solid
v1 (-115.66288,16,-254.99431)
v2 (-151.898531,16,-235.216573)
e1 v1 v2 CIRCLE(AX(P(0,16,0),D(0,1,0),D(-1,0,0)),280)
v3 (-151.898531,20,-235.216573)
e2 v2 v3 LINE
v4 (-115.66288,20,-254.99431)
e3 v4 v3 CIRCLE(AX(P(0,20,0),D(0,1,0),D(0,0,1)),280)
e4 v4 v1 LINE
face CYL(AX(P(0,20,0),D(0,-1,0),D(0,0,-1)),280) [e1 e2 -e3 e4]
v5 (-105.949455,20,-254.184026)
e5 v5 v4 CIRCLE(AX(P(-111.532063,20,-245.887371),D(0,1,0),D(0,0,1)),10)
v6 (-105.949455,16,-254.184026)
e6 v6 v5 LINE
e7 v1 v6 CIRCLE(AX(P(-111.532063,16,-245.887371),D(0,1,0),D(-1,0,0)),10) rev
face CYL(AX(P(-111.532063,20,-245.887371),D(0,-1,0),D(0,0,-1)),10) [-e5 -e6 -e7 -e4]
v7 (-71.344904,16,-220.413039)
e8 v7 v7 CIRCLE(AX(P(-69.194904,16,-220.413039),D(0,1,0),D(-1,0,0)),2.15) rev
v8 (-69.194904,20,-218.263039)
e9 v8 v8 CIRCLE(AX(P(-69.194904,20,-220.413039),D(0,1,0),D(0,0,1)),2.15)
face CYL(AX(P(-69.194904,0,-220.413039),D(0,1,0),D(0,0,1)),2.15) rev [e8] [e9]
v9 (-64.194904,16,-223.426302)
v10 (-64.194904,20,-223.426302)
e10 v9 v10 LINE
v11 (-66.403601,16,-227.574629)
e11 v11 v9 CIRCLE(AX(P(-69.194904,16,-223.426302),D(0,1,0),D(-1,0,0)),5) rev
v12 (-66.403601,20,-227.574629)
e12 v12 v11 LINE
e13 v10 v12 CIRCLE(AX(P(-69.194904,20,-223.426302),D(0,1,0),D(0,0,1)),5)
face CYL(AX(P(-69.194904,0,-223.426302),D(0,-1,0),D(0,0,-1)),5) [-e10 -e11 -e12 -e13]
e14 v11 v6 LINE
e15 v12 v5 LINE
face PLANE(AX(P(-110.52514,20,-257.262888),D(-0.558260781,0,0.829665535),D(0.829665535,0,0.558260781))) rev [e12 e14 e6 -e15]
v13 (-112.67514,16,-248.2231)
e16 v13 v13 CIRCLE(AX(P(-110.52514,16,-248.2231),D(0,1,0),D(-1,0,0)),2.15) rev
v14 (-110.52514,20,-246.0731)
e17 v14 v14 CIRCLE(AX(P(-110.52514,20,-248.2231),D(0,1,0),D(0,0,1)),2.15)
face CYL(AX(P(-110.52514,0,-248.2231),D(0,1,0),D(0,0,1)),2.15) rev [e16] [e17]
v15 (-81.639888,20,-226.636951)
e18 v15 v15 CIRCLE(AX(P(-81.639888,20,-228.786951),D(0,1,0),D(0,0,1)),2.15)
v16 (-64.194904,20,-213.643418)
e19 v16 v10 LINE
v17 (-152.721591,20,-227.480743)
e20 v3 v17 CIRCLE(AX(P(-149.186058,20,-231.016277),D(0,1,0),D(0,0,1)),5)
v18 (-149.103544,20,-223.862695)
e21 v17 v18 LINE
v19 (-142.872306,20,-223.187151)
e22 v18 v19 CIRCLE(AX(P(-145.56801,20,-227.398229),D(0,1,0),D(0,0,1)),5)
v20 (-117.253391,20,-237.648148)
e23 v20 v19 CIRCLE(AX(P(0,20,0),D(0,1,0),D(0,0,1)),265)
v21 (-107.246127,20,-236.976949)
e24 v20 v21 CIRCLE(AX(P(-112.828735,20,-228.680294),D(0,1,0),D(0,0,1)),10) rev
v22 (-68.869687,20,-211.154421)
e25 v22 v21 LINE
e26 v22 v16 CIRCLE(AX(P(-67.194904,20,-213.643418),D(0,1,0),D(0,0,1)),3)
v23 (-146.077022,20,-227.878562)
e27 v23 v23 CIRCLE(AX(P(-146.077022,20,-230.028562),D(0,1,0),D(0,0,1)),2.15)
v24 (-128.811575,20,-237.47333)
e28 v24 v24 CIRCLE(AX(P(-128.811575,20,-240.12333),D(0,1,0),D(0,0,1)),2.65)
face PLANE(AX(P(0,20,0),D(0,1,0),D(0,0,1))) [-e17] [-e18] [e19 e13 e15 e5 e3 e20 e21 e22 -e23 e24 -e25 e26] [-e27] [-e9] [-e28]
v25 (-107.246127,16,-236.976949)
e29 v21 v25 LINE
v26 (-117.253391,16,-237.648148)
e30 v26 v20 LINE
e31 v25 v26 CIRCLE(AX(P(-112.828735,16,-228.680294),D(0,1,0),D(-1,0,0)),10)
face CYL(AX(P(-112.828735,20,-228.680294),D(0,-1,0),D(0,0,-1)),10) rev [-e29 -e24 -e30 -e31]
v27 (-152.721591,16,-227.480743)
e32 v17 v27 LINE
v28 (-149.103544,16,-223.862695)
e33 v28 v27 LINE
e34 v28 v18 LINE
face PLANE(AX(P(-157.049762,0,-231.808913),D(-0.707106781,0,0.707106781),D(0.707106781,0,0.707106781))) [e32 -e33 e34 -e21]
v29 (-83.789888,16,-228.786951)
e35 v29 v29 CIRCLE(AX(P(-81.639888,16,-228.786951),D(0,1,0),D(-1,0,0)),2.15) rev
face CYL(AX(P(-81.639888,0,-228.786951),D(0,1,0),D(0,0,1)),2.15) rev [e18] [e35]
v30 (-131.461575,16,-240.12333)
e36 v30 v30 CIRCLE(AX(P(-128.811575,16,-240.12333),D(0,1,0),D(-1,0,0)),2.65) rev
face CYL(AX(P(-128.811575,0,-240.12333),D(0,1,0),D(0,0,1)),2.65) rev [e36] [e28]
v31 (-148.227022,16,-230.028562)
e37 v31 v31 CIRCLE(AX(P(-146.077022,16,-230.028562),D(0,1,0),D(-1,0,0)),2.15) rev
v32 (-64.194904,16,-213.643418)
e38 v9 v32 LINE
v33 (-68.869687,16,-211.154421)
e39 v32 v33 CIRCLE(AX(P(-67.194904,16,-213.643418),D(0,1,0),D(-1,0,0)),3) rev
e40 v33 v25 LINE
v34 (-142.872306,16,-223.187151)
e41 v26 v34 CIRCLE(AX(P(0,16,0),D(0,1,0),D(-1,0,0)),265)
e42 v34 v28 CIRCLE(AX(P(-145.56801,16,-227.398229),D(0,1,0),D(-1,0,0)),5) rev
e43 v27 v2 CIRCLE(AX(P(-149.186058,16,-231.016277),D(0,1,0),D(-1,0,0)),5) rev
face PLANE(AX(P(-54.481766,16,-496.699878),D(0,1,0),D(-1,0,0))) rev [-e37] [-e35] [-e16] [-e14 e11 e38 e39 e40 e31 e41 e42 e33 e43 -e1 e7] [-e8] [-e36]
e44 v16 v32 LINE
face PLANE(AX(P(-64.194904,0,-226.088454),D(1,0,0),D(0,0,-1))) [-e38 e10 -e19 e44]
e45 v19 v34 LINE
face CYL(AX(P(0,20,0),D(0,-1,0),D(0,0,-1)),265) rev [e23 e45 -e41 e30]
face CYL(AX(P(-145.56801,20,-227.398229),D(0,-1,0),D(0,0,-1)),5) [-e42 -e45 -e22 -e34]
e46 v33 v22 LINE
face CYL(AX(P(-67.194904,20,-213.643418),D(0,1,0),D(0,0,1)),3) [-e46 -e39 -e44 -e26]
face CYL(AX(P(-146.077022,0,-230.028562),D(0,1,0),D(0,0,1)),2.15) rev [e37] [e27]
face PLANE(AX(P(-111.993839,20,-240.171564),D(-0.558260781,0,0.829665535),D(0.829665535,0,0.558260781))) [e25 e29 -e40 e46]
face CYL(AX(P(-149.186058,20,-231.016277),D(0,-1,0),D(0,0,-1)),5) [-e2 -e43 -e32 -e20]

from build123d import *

# Parameters (mm, degrees)
SKETCH_1_R               = 275
SKETCH_1_R_2             = 255
EXTRUDE_1_DEPTH          = 10
EXTRUDE_2_DEPTH          = 10
SKETCH_8_R               = 2.65
SKETCH_8_R_2             = 2.15
CUT_EXTRUDE_1_DEPTH      = 21
SKETCH_9_OUTSIDE_W       = 707.614
SKETCH_9_OUTSIDE_H       = 707.614
CUT_EXTRUDE_2_DEPTH      = 21
SKETCH_10_W              = 190.987823936
SKETCH_10_H              = 12
CUT_EXTRUDE_3_DEPTH      = 519.420037555
CUT_EXTRUDE_3_DEPTH_BACK = 245.939436413
FILLET_1_R               = 3
FILLET_2_R               = 10
FILLET_3_R               = 5
SKETCH_11_W              = 751.740061758
SKETCH_11_H              = 25.075171634
CUT_EXTRUDE_4_DEPTH      = 519.420037555
CUT_EXTRUDE_4_DEPTH_BACK = 245.939436413


with BuildPart() as part:
    # 草图1 → 凸台-拉伸1 (new body)
    with BuildSketch(Plane(origin=(0, 0, 0), x_dir=(1, 0, 0), z_dir=(0, 1, 0))):
        Circle(SKETCH_1_R)
        Circle(SKETCH_1_R_2, mode=Mode.SUBTRACT)
    extrude(amount=EXTRUDE_1_DEPTH)

    # 草图11 → 切除-拉伸4 (cut, two sides)
    with BuildSketch(Plane(origin=(76.33674701, 0, -113.448714652), x_dir=(0.829665535, 0, 0.558260781), z_dir=(-0.558260781, 0, 0.829665535))) as cut_extrude_4_sk:
        with Locations((71.776229786, 3.462414183)):
            Rectangle(SKETCH_11_W, SKETCH_11_H)
    extrude(amount=CUT_EXTRUDE_4_DEPTH, mode=Mode.SUBTRACT)
    extrude(cut_extrude_4_sk.sketch, amount=-CUT_EXTRUDE_4_DEPTH_BACK, mode=Mode.SUBTRACT)


with BuildPart() as body_2:
    # 草图2 → 凸台-拉伸2 (new body)
    with BuildSketch(Plane(origin=(0, 10, 0), x_dir=(1, 0, 0), z_dir=(0, 1, 0))):
        with BuildLine():
            Line((-110.525139894, 257.262887824), (-25.423255477, 200))
            Line((-25.423255477, 200), (0, 200))
            Line((0, 200), (25.423255477, 200))
            Line((25.423255477, 200), (110.525139894, 257.262887824))
            ThreePointArc((110.525139894, 257.262887824), (197.989898732, 197.989898732), (257.262887824, 110.525139894))
            Line((257.262887824, 110.525139894), (200, 25.423255477))
            Line((200, 25.423255477), (200, 0))
            Line((200, 0), (200, -25.423255477))
            Line((200, -25.423255477), (257.262887824, -110.525139894))
            ThreePointArc((257.262887824, -110.525139894), (197.989898732, -197.989898732), (110.525139894, -257.262887824))
            Line((110.525139894, -257.262887824), (25.423255477, -200))
            Line((25.423255477, -200), (0, -200))
            Line((0, -200), (-25.423255477, -200))
            Line((-25.423255477, -200), (-110.525139894, -257.262887824))
            ThreePointArc((-110.525139894, -257.262887824), (-197.989898732, -197.989898732), (-257.262887824, -110.525139894))
            Line((-257.262887824, -110.525139894), (-200, -25.423255477))
            Line((-200, -25.423255477), (-200, 25.423255477))
            Line((-200, 25.423255477), (-257.262887824, 110.525139894))
            ThreePointArc((-257.262887824, 110.525139894), (-197.989898732, 197.989898732), (-110.525139894, 257.262887824))
        make_face()
        with BuildLine():
            Line((0, 185), (30, 185))
            Line((30, 185), (111.993839361, 240.171563565))
            ThreePointArc((111.993839361, 240.171563565), (187.383297014, 187.383297014), (240.171563565, 111.993839361))
            Line((240.171563565, 111.993839361), (185, 30))
            Line((185, 30), (185, 0))
            Line((185, 0), (185, -30))
            Line((185, -30), (240.171563565, -111.993839361))
            ThreePointArc((240.171563565, -111.993839361), (187.383297014, -187.383297014), (111.993839361, -240.171563565))
            Line((111.993839361, -240.171563565), (30, -185))
            Line((30, -185), (0, -185))
            Line((0, -185), (-30, -185))
            Line((-30, -185), (-111.993839361, -240.171563565))
            ThreePointArc((-111.993839361, -240.171563565), (-187.383297014, -187.383297014), (-240.171563565, -111.993839361))
            Line((-240.171563565, -111.993839361), (-185, -30))
            Line((-185, -30), (-185, 30))
            Line((-185, 30), (-240.171563565, 111.993839361))
            ThreePointArc((-240.171563565, 111.993839361), (-187.383297014, 187.383297014), (-111.993839361, 240.171563565))
            Line((-111.993839361, 240.171563565), (-30, 185))
            Line((-30, 185), (0, 185))
        make_face(mode=Mode.SUBTRACT)
    extrude(amount=EXTRUDE_2_DEPTH)

    # 草图8 → 切除-拉伸1 (cut, through all)
    with BuildSketch(Plane(origin=(0, 20, 0), x_dir=(1, 0, 0), z_dir=(0, 1, 0))):
        with Locations((-10, 192.5)):
            Circle(SKETCH_8_R)
        with Locations((10, 192.5)):
            Circle(SKETCH_8_R)
        with Locations((-10, -192.5)):
            Circle(SKETCH_8_R)
        with Locations((10, -192.5)):
            Circle(SKETCH_8_R)
        with Locations((192.5, 10)):
            Circle(SKETCH_8_R)
        with Locations((192.5, -10)):
            Circle(SKETCH_8_R)
        with Locations((-192.5, 10)):
            Circle(SKETCH_8_R)
        with Locations((-192.5, -10)):
            Circle(SKETCH_8_R)
        with Locations((-110.525139894, 248.223100485)):
            Circle(SKETCH_8_R_2)
        with Locations((-27.711627738, 192.5)):
            Circle(SKETCH_8_R_2)
        with Locations((-44.304938442, 203.665215623)):
            Circle(SKETCH_8_R_2)
        with Locations((-56.749921469, 212.03912734)):
            Circle(SKETCH_8_R_2)
        with Locations((-69.194904497, 220.413039057)):
            Circle(SKETCH_8_R_2)
        with Locations((-81.639887524, 228.786950774)):
            Circle(SKETCH_8_R_2)
        with Locations((-146.077022117, 230.028561882)):
            Circle(SKETCH_8_R_2)
        with Locations((-164.415519771, 217.299729706)):
            Circle(SKETCH_8_R_2)
        with Locations((-183.638937552, 201.316607082)):
            Circle(SKETCH_8_R_2)
        with Locations((-201.316607082, 183.638937552)):
            Circle(SKETCH_8_R_2)
        with Locations((-217.299729706, 164.415519771)):
            Circle(SKETCH_8_R_2)
        with Locations((-230.028561882, 146.077022117)):
            Circle(SKETCH_8_R_2)
        with Locations((-128.811575358, 240.123330241)):
            Circle(SKETCH_8_R)
        with Locations((-240.123330241, 128.811575358)):
            Circle(SKETCH_8_R)
        with Locations((-228.786950774, 81.639887524)):
            Circle(SKETCH_8_R_2)
        with Locations((-220.413039057, 69.194904497)):
            Circle(SKETCH_8_R_2)
        with Locations((-212.03912734, 56.749921469)):
            Circle(SKETCH_8_R_2)
        with Locations((-203.665215623, 44.304938442)):
            Circle(SKETCH_8_R_2)
        with Locations((-192.5, 27.711627738)):
            Circle(SKETCH_8_R_2)
        with Locations((-248.223100485, 110.525139894)):
            Circle(SKETCH_8_R_2)
        with Locations((192.5, 27.711627738)):
            Circle(SKETCH_8_R_2)
        with Locations((248.223100485, 110.525139894)):
            Circle(SKETCH_8_R_2)
        with Locations((203.665215623, 44.304938442)):
            Circle(SKETCH_8_R_2)
        with Locations((212.03912734, 56.749921469)):
            Circle(SKETCH_8_R_2)
        with Locations((220.413039057, 69.194904497)):
            Circle(SKETCH_8_R_2)
        with Locations((228.786950774, 81.639887524)):
            Circle(SKETCH_8_R_2)
        with Locations((240.123330241, 128.811575358)):
            Circle(SKETCH_8_R)
        with Locations((230.028561882, 146.077022117)):
            Circle(SKETCH_8_R_2)
        with Locations((128.811575358, 240.123330241)):
            Circle(SKETCH_8_R)
        with Locations((201.316607082, 183.638937552)):
            Circle(SKETCH_8_R_2)
        with Locations((183.638937552, 201.316607082)):
            Circle(SKETCH_8_R_2)
        with Locations((164.415519771, 217.299729706)):
            Circle(SKETCH_8_R_2)
        with Locations((146.077022117, 230.028561882)):
            Circle(SKETCH_8_R_2)
        with Locations((81.639887524, 228.786950774)):
            Circle(SKETCH_8_R_2)
        with Locations((69.194904497, 220.413039057)):
            Circle(SKETCH_8_R_2)
        with Locations((56.749921469, 212.03912734)):
            Circle(SKETCH_8_R_2)
        with Locations((44.304938442, 203.665215623)):
            Circle(SKETCH_8_R_2)
        with Locations((110.525139894, 248.223100485)):
            Circle(SKETCH_8_R_2)
        with Locations((27.711627738, 192.5)):
            Circle(SKETCH_8_R_2)
        with Locations((217.299729706, 164.415519771)):
            Circle(SKETCH_8_R_2)
    extrude(amount=-CUT_EXTRUDE_1_DEPTH, mode=Mode.SUBTRACT)

    # 草图9 outside → 切除-拉伸2 (cut, through all)
    with BuildSketch(Plane(origin=(0, 20, 0), x_dir=(1, 0, 0), z_dir=(0, 1, 0))):
        Rectangle(SKETCH_9_OUTSIDE_W, SKETCH_9_OUTSIDE_H)
        with BuildLine():
            Line((-157.049761777, 231.808913387), (-146.237600169, 220.996751779))
            ThreePointArc((-146.237600169, 220.996751779), (-129.47118383, 231.218971016), (-111.993839361, 240.171563565))
            Line((-111.993839361, 240.171563565), (-64.194904497, 208.008879225))
            Line((-64.194904497, 208.008879225), (-64.194904497, 226.088453902))
            Line((-64.194904497, 226.088453902), (-110.525139894, 257.262887824))
            ThreePointArc((-110.525139894, 257.262887824), (-134.391436501, 245.639861983), (-157.049761777, 231.808913387))
        make_face(mode=Mode.SUBTRACT)
    extrude(amount=-CUT_EXTRUDE_2_DEPTH, mode=Mode.SUBTRACT)

    # 草图10 → 切除-拉伸3 (cut, two sides)
    with BuildSketch(Plane(origin=(76.33674701, 0, -113.448714652), x_dir=(0.829665535, 0, 0.558260781), z_dir=(-0.558260781, 0, 0.829665535))) as cut_extrude_3_sk:
        with Locations((-226.995793353, 10)):
            Rectangle(SKETCH_10_W, SKETCH_10_H)
    extrude(amount=CUT_EXTRUDE_3_DEPTH, mode=Mode.SUBTRACT)
    extrude(cut_extrude_3_sk.sketch, amount=-CUT_EXTRUDE_3_DEPTH_BACK, mode=Mode.SUBTRACT)

    # 圆角1
    fillet_1_edges = [body_2.edges().sort_by_distance(p)[0] for p in [
        (-64.194904497, 18, -208.008879225),
    ]]
    fillet(fillet_1_edges, radius=FILLET_1_R)

    # 圆角2
    fillet_2_edges = [body_2.edges().sort_by_distance(p)[0] for p in [
        (-110.525139894, 18, -257.262887824),
        (-111.993839361, 18, -240.171563565),
    ]]
    fillet(fillet_2_edges, radius=FILLET_2_R)

    # 圆角3
    fillet_3_edges = [body_2.edges().sort_by_distance(p)[0] for p in [
        (-146.237600169, 18, -220.996751779),
        (-64.194904497, 18, -226.088453902),
        (-157.049761777, 18, -231.808913387),
    ]]
    fillet(fillet_3_edges, radius=FILLET_3_R)


solid = body_2.part
